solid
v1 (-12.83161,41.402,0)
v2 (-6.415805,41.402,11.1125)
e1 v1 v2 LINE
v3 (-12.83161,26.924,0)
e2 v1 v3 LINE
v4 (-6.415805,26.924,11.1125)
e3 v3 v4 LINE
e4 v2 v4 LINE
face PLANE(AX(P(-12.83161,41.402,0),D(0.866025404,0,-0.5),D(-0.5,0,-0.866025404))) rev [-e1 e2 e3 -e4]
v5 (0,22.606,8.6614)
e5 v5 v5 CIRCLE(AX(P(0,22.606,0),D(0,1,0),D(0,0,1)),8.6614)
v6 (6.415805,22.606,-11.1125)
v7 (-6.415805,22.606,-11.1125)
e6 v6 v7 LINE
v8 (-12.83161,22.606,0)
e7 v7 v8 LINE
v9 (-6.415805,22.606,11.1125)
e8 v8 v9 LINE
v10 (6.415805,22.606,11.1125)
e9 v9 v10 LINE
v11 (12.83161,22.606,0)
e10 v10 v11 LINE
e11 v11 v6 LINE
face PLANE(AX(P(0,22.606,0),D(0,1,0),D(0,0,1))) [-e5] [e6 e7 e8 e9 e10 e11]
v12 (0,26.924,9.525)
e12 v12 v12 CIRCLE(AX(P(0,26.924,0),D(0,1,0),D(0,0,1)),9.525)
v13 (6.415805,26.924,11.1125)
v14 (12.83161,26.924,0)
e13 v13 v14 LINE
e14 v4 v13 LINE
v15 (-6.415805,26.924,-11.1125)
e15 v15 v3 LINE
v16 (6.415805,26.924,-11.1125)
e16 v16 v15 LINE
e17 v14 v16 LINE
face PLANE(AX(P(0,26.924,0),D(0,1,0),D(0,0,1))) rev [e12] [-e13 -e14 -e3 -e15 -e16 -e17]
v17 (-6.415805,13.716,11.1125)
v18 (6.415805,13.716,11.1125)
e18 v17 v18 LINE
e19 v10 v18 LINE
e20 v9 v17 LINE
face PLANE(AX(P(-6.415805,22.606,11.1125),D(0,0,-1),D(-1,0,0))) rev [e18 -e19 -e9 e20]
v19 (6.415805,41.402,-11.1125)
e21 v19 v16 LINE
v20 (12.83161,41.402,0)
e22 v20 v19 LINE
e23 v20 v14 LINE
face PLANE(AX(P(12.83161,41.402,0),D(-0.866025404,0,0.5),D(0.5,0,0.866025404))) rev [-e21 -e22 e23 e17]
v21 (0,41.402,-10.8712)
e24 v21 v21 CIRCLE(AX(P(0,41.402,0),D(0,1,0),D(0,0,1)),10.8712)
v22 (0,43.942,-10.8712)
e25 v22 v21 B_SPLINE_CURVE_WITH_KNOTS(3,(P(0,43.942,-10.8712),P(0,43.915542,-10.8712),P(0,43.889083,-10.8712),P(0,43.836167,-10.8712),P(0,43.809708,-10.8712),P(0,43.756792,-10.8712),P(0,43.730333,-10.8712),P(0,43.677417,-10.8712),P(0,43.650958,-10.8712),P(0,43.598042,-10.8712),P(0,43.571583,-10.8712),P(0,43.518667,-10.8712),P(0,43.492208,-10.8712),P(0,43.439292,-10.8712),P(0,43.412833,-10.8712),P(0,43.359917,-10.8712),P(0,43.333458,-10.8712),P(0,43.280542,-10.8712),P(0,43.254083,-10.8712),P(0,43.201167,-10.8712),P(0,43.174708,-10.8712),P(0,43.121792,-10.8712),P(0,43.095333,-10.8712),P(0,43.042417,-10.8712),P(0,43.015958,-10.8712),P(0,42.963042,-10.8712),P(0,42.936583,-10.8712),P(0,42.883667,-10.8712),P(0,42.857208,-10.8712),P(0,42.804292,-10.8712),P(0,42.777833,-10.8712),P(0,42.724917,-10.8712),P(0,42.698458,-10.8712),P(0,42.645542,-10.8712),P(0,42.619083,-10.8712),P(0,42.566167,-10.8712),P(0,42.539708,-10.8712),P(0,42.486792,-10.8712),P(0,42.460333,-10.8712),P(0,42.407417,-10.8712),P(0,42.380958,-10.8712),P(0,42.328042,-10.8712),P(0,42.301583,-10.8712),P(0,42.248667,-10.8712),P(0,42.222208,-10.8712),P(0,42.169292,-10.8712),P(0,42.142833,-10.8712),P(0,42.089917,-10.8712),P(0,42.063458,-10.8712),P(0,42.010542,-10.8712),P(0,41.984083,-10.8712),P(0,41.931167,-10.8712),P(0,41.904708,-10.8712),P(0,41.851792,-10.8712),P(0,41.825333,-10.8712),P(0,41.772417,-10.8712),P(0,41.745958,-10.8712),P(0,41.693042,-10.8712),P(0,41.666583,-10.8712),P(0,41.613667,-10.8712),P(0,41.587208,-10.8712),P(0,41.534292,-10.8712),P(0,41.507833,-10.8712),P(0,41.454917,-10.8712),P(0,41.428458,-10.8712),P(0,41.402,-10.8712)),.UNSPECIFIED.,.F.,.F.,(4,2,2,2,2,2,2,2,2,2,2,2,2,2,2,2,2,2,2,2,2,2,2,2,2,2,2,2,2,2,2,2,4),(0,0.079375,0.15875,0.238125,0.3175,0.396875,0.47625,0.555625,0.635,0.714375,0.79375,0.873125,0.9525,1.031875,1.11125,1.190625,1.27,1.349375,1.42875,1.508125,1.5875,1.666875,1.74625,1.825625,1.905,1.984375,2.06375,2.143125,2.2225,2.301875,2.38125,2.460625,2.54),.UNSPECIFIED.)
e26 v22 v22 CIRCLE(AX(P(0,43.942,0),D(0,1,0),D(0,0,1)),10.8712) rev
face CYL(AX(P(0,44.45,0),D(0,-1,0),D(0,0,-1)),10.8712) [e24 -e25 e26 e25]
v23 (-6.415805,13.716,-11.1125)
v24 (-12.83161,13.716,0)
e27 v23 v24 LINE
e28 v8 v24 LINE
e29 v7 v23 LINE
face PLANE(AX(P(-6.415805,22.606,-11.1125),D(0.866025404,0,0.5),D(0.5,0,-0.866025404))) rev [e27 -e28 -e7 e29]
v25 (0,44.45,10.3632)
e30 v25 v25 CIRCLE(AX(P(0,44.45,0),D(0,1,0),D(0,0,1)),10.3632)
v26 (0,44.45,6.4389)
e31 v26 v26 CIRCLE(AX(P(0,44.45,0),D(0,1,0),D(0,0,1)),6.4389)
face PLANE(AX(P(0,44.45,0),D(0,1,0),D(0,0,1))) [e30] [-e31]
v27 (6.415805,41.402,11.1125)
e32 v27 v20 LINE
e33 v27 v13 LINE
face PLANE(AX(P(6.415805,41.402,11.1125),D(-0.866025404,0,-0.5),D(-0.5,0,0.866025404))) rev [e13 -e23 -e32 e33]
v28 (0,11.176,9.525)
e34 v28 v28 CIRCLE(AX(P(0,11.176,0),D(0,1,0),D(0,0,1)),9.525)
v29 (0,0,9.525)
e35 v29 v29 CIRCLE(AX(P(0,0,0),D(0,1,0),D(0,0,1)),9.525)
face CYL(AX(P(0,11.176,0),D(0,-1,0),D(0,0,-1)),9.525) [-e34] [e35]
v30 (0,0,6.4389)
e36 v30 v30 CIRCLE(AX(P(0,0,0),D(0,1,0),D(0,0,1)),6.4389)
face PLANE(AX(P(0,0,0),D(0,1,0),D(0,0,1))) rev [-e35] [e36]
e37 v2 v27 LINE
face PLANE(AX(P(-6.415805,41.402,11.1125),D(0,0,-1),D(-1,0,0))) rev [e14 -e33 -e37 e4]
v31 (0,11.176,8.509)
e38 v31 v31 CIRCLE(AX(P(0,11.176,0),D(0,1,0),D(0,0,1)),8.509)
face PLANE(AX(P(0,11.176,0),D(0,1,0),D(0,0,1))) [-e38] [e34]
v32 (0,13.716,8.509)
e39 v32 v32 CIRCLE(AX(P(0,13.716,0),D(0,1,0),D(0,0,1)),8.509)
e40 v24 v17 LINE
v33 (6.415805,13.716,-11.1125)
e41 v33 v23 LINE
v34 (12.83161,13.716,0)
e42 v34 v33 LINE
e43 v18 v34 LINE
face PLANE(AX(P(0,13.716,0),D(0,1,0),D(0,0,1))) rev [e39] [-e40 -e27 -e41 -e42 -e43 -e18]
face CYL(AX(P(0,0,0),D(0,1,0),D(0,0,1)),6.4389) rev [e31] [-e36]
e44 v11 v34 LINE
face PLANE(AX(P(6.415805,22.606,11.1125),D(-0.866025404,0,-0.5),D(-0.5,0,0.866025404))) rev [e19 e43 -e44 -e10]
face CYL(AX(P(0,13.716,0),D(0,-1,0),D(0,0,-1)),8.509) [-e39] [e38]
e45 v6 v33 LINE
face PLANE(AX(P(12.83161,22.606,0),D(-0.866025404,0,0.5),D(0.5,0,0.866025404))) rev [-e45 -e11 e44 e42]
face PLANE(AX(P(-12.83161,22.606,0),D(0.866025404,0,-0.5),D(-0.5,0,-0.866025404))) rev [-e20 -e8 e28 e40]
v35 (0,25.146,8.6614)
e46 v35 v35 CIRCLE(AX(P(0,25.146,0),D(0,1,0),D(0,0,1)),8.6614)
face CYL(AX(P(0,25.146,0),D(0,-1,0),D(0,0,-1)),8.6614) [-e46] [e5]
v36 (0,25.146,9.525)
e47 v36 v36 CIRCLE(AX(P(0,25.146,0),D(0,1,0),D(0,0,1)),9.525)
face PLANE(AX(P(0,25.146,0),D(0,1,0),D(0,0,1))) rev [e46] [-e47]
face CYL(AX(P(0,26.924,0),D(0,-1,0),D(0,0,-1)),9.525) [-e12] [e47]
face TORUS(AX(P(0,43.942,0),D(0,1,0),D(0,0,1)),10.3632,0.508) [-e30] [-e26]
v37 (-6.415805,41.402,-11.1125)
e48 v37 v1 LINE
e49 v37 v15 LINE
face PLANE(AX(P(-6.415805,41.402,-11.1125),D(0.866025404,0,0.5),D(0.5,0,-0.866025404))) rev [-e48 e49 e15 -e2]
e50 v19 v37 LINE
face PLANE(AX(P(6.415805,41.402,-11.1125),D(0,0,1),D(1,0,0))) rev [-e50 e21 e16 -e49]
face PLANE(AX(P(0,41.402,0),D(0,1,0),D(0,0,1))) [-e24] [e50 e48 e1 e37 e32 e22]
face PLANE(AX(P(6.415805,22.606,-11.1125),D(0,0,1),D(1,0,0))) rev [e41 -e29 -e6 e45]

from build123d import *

# Parameters (mm, degrees)
SKETCH1_R           = 9.525
BOSS_EXTRUDE1_DEPTH = 11.176
SKETCH3_R           = 8.509
BOSS_EXTRUDE3_DEPTH = 2.54
BOSS_EXTRUDE4_DEPTH = 8.89
SKETCH5_R           = 8.6614
BOSS_EXTRUDE5_DEPTH = 2.54
SKETCH6_R           = 9.525
BOSS_EXTRUDE6_DEPTH = 1.778
BOSS_EXTRUDE7_DEPTH = 14.478
SKETCH8_R           = 10.8712
BOSS_EXTRUDE8_DEPTH = 3.048
FILLET1_R           = 0.508
SKETCH9_R           = 6.4389
CUT_EXTRUDE1_DEPTH  = 48.580882343


with BuildPart() as part:
    # Sketch1 → Boss-Extrude1 (new body)
    with BuildSketch(Plane(origin=(0, 0, 0), x_dir=(1, 0, 0), z_dir=(0, 1, 0))):
        with Locations(Location((0, 0, 0), (0, 0, 270))):
            Circle(SKETCH1_R)
    extrude(amount=BOSS_EXTRUDE1_DEPTH)

    # Sketch3 → Boss-Extrude3 (add)
    with BuildSketch(Plane(origin=(0, 11.176, 0), x_dir=(1, 0, 0), z_dir=(0, 1, 0))):
        with Locations(Location((0, 0, 0), (0, 0, 270))):
            Circle(SKETCH3_R)
    extrude(amount=BOSS_EXTRUDE3_DEPTH)

    # Sketch4 → Boss-Extrude4 (add)
    with BuildSketch(Plane(origin=(0, 13.716, 0), x_dir=(1, 0, 0), z_dir=(0, 1, 0))):
        Polygon((12.831609733, 0), (6.415804866, 11.1125), (-6.415804866, 11.1125), (-12.831609733, 0), (-6.415804866, -11.1125), (6.415804866, -11.1125), align=None)
    extrude(amount=BOSS_EXTRUDE4_DEPTH)

    # Sketch5 → Boss-Extrude5 (add)
    with BuildSketch(Plane(origin=(0, 22.606, 0), x_dir=(1, 0, 0), z_dir=(0, 1, 0))):
        with Locations(Location((0, 0, 0), (0, 0, 270))):
            Circle(SKETCH5_R)
    extrude(amount=BOSS_EXTRUDE5_DEPTH)

    # Sketch6 → Boss-Extrude6 (add)
    with BuildSketch(Plane(origin=(0, 25.146, 0), x_dir=(1, 0, 0), z_dir=(0, 1, 0))):
        with Locations(Location((0, 0, 0), (0, 0, 270))):
            Circle(SKETCH6_R)
    extrude(amount=BOSS_EXTRUDE6_DEPTH)

    # Sketch7 → Boss-Extrude7 (add)
    with BuildSketch(Plane(origin=(0, 26.924, 0), x_dir=(1, 0, 0), z_dir=(0, 1, 0))):
        Polygon((-6.415804866, -11.1125), (6.415804866, -11.1125), (12.831609733, 0), (6.415804866, 11.1125), (-6.415804866, 11.1125), (-12.831609733, 0), align=None)
    extrude(amount=BOSS_EXTRUDE7_DEPTH)

    # Sketch8 → Boss-Extrude8 (add)
    with BuildSketch(Plane(origin=(0, 41.402, 0), x_dir=(1, 0, 0), z_dir=(0, 1, 0))):
        with Locations(Location((0, 0, 0), (0, 0, 90))):
            Circle(SKETCH8_R)
    extrude(amount=BOSS_EXTRUDE8_DEPTH)

    # Fillet1
    fillet1_edges = [part.edges().sort_by_distance(p)[0] for p in [
        (0, 44.45, 10.8712),
    ]]
    fillet(fillet1_edges, radius=FILLET1_R)

    # Sketch9 → Cut-Extrude1 (cut, through all)
    with BuildSketch(Plane(origin=(0, 44.45, 0), x_dir=(1, 0, 0), z_dir=(0, 1, 0))):
        with Locations(Location((0, 0, 0), (0, 0, 270))):
            Circle(SKETCH9_R)
    extrude(amount=-CUT_EXTRUDE1_DEPTH, mode=Mode.SUBTRACT)


solid = part.part
